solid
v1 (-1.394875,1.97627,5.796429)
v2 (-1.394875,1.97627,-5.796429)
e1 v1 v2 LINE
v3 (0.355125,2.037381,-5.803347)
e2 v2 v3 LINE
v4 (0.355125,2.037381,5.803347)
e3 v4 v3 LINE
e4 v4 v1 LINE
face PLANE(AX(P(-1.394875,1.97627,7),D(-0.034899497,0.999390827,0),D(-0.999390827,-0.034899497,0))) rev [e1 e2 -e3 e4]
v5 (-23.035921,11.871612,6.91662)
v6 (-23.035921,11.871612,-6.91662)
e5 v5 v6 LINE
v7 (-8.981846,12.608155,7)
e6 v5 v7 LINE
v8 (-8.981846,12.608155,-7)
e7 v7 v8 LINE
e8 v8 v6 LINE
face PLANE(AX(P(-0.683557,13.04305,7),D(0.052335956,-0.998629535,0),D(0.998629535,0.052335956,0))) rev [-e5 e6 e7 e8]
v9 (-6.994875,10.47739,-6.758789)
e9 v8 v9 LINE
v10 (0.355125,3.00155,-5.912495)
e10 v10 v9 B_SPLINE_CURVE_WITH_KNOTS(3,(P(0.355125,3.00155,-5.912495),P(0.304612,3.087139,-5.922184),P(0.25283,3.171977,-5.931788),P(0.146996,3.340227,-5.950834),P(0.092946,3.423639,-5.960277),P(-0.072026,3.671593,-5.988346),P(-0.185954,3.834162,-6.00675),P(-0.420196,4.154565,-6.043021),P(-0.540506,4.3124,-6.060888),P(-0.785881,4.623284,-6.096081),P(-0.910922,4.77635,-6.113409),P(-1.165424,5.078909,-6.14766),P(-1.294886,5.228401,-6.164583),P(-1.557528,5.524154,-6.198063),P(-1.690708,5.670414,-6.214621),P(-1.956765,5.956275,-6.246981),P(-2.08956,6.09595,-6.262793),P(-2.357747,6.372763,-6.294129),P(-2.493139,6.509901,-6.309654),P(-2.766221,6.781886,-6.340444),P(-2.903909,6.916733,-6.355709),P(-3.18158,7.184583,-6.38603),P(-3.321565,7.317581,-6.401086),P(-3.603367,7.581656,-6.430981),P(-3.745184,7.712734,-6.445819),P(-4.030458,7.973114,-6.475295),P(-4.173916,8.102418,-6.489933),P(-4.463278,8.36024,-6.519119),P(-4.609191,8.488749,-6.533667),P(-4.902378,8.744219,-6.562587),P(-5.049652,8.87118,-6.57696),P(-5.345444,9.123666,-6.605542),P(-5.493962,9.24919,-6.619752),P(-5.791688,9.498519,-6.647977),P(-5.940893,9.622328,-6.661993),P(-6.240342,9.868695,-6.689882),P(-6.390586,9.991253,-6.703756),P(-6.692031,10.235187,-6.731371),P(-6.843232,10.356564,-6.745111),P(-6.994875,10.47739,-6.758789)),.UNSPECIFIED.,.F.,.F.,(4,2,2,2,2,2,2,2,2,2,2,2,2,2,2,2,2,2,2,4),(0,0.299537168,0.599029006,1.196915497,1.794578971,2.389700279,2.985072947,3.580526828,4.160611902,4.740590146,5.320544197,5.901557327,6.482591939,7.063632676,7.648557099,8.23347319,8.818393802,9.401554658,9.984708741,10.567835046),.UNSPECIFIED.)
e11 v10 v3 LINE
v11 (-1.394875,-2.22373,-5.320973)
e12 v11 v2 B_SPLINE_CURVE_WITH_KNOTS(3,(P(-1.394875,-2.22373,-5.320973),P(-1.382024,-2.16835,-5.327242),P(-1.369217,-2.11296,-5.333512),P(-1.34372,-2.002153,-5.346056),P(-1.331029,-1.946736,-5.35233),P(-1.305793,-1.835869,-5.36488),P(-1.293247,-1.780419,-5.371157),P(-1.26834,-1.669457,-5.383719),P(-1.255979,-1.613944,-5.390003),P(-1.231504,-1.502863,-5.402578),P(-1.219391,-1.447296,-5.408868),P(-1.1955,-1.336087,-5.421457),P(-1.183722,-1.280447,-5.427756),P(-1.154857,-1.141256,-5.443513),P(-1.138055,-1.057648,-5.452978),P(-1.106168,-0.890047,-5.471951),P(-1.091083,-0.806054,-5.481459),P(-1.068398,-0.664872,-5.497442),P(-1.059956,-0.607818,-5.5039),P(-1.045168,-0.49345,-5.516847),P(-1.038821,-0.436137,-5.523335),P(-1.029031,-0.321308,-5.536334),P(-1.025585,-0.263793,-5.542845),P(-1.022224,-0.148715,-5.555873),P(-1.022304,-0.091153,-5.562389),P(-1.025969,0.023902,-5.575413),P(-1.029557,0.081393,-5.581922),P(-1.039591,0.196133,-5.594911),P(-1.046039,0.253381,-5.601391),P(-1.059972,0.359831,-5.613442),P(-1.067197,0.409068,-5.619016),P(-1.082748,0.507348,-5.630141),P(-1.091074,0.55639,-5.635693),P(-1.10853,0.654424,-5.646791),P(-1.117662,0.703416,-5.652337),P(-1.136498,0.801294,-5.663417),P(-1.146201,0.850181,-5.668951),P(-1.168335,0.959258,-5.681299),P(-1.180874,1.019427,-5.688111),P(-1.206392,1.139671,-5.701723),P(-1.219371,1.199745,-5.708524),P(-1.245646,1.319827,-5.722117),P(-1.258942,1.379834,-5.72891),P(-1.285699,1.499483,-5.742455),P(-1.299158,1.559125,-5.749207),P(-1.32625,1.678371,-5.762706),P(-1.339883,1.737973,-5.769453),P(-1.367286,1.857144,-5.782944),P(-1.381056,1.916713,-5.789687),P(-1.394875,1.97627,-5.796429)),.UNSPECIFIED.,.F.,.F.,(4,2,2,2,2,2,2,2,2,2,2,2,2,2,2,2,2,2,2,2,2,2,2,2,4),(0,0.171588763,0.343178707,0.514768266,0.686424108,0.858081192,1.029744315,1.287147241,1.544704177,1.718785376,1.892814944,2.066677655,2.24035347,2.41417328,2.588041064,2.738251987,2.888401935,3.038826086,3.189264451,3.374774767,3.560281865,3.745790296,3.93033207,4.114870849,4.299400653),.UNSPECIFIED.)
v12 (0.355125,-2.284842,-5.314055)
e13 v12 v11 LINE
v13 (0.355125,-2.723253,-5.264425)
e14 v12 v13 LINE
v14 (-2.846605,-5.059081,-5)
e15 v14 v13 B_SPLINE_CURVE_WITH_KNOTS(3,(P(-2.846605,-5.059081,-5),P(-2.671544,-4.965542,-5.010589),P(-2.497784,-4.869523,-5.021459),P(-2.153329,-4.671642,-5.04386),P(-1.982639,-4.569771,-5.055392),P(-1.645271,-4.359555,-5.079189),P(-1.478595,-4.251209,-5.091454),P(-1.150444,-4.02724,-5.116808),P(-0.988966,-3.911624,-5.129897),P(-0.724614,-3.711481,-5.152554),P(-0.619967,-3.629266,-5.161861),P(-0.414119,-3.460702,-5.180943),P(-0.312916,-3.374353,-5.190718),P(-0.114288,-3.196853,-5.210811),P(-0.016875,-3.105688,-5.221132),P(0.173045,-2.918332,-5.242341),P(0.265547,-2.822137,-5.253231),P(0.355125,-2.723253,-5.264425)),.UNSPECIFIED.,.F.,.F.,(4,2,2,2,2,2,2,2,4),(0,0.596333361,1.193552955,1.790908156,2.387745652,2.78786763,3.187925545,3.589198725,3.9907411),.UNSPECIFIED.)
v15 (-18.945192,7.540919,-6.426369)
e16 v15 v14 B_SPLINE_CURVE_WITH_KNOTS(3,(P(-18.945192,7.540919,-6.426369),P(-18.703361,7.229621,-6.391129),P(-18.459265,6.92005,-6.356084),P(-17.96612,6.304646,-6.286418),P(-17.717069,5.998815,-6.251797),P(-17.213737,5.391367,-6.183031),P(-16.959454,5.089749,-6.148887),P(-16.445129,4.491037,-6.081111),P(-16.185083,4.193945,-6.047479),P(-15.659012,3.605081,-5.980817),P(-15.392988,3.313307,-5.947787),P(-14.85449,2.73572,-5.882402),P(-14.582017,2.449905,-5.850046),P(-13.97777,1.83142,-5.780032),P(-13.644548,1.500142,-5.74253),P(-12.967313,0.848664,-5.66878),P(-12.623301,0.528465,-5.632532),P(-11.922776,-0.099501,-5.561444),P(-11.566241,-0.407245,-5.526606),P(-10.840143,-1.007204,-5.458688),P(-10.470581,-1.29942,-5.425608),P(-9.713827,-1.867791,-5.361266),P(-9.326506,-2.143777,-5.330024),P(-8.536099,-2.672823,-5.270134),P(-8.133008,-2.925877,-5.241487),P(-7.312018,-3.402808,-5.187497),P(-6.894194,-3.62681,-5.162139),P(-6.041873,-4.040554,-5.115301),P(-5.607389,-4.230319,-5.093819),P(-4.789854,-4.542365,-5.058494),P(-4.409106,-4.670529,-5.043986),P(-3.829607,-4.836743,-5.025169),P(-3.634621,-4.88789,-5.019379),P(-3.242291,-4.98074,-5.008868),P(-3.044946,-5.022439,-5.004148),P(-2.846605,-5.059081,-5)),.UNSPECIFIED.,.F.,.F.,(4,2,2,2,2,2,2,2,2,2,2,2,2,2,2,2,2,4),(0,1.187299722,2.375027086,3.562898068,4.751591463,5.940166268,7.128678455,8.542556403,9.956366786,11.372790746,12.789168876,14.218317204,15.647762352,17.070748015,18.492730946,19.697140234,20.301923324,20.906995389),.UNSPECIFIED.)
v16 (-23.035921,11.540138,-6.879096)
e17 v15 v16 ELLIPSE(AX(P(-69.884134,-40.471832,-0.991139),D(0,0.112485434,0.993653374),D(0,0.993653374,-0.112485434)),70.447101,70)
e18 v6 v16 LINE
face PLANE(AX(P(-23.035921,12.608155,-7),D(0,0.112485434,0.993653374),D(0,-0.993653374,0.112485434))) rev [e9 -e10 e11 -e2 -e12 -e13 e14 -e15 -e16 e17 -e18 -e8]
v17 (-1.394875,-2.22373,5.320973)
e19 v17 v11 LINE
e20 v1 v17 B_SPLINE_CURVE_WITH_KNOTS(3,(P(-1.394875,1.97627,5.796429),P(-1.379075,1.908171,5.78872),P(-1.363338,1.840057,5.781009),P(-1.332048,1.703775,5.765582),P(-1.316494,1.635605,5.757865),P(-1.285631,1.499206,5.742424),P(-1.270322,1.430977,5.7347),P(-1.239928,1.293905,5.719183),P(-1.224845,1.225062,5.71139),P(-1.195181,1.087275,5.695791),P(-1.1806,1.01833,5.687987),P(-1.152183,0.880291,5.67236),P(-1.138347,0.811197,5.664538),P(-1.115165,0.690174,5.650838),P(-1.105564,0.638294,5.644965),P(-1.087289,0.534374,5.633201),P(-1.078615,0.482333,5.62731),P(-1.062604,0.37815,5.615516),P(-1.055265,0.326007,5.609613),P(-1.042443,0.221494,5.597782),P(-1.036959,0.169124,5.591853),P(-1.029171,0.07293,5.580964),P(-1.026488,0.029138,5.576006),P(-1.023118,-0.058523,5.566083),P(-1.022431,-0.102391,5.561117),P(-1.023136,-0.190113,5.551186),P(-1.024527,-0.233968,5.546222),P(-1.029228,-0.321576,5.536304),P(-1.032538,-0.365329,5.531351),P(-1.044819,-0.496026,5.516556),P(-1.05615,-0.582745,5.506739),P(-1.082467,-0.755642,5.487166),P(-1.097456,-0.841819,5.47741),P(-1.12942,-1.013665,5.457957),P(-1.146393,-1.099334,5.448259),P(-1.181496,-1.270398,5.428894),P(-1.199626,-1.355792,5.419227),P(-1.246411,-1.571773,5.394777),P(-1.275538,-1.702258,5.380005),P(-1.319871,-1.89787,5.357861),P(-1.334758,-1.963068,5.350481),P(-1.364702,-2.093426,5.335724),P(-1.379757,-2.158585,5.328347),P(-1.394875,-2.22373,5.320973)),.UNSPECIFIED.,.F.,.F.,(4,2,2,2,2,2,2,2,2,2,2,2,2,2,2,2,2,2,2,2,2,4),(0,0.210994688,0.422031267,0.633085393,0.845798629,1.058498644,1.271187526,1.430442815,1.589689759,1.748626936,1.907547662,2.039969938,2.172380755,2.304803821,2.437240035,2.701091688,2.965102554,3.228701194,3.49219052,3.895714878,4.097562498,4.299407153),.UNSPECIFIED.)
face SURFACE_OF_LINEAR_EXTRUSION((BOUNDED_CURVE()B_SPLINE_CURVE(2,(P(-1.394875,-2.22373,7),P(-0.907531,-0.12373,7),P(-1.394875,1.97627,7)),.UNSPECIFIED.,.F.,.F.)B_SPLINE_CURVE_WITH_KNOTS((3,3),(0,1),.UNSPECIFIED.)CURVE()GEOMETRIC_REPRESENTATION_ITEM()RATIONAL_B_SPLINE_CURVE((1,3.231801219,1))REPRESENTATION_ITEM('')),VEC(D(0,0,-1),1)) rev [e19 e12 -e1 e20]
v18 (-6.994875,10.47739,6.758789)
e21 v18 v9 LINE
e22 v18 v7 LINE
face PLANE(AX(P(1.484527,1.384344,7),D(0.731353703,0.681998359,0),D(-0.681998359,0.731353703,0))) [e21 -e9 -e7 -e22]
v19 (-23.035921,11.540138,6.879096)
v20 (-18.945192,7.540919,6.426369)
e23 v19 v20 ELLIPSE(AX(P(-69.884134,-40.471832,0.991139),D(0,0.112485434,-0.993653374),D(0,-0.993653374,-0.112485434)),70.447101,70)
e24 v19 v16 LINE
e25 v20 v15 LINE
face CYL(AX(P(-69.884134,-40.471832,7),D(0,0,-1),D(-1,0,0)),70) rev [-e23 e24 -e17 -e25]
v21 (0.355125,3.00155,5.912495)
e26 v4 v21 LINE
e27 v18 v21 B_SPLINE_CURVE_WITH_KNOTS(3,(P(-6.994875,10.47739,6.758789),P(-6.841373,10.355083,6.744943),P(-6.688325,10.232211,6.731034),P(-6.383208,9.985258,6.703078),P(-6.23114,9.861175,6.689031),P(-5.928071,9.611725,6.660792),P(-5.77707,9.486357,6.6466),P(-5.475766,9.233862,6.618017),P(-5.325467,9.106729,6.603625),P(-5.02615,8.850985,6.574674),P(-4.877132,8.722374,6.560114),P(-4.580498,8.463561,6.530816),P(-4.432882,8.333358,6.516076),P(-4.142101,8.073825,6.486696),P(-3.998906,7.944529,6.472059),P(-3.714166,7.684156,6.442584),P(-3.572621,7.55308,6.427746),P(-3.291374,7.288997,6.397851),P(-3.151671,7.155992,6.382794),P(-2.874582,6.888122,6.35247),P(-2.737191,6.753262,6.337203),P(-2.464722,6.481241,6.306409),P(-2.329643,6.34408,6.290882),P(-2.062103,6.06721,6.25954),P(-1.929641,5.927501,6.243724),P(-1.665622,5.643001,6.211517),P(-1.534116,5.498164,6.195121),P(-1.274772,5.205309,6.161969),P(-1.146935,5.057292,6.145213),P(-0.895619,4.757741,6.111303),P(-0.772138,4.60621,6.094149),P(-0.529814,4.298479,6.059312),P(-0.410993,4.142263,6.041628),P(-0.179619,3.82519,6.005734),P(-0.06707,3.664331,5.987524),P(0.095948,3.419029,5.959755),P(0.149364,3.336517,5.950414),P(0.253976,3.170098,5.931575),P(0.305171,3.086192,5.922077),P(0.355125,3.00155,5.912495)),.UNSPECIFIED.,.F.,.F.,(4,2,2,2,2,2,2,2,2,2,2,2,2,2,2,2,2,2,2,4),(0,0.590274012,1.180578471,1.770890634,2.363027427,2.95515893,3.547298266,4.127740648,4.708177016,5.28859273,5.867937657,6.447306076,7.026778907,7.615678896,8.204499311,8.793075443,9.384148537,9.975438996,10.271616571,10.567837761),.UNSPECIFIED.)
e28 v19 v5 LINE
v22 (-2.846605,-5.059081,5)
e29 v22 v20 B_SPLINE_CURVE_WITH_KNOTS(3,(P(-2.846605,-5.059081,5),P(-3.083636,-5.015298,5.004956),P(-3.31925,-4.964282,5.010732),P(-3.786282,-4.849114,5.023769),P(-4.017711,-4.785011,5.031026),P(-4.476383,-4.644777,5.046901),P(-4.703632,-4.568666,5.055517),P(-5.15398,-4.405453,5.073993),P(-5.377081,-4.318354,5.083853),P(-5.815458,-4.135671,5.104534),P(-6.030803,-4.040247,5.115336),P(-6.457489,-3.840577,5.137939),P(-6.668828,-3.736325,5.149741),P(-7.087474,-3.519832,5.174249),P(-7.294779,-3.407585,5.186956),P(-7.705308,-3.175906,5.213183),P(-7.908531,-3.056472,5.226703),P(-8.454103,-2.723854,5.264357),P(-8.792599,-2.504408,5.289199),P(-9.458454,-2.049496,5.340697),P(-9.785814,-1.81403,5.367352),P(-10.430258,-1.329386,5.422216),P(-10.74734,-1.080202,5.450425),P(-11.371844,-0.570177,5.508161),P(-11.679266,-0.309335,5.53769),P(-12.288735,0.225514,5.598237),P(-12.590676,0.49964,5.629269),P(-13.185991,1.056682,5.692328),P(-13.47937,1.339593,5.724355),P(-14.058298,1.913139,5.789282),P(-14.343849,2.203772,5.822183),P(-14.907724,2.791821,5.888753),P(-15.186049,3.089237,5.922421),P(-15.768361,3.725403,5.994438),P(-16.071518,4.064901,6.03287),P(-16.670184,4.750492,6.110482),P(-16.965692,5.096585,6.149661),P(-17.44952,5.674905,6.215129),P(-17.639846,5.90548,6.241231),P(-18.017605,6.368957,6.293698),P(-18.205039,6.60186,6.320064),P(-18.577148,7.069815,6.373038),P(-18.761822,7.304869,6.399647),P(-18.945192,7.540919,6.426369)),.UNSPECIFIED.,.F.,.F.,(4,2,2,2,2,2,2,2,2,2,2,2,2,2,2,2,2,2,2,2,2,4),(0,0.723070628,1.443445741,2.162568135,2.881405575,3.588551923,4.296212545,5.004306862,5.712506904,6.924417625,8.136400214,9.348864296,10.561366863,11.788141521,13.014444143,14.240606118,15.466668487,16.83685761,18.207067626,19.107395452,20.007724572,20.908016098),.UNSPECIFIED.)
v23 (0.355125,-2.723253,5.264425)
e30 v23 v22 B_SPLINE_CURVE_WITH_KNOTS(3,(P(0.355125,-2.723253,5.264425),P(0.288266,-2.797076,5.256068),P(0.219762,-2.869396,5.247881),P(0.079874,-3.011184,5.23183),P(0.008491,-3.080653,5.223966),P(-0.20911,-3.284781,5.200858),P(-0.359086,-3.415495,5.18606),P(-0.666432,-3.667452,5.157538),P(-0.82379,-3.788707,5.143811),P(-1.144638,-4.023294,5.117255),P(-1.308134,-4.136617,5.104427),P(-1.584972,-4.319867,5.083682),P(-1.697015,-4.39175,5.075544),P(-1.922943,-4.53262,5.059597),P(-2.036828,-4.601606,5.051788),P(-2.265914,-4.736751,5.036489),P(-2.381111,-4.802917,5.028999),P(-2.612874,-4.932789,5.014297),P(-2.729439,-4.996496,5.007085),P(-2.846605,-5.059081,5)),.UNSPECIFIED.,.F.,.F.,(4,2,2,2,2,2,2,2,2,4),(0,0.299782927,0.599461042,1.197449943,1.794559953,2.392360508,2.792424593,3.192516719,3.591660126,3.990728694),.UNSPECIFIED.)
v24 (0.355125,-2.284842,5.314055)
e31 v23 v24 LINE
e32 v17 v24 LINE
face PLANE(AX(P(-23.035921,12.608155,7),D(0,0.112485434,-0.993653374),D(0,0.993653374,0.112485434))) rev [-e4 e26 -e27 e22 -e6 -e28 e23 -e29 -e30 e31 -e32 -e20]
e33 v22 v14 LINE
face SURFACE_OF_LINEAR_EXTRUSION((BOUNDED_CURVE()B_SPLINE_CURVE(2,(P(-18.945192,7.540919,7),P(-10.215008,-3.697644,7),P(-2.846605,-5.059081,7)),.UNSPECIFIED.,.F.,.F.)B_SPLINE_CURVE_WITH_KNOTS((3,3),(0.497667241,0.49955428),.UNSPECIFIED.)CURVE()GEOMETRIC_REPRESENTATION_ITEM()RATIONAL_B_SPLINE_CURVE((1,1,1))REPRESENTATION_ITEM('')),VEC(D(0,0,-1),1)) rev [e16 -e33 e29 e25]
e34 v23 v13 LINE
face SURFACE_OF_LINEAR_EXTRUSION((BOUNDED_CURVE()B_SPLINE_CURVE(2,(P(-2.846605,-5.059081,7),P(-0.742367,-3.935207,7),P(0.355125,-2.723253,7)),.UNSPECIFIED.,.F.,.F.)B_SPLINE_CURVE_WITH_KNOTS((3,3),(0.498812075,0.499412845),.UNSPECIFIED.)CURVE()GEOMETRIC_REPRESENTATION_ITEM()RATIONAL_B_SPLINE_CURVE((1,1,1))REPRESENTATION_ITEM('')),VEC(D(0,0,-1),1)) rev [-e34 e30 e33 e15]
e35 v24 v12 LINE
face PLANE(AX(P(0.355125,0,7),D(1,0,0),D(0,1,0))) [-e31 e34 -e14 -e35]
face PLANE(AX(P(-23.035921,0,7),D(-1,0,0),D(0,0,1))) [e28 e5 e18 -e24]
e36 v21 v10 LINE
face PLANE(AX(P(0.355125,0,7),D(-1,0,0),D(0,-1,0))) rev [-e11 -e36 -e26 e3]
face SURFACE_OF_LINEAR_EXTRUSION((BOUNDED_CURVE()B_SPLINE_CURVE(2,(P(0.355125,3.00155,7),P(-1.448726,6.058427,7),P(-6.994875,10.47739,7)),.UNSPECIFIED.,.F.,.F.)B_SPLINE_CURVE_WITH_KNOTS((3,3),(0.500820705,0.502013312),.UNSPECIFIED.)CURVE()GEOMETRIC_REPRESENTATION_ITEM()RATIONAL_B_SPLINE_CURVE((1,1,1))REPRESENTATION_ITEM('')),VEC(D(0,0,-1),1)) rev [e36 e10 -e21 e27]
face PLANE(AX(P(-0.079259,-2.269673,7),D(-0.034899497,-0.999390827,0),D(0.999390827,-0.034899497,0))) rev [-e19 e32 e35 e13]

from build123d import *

# Parameters (mm, degrees)
SALIENTE_EXTRUIR1_DEPTH      = 7
SALIENTE_EXTRUIR2_DEPTH      = 7
SALIENTE_EXTRUIR2_DEPTH_BACK = 7
CORTAR_EXTRUIR2_DEPTH        = 28.177550449
CORTAR_EXTRUIR2_DEPTH_BACK   = 28.177550449


with BuildPart() as part:
    # Croquis1 → Saliente-Extruir1 (new, symmetric)
    with BuildSketch(Plane.XY):
        with BuildLine():
            add(Edge.make_bspline(
                [(-18.945192114, 7.540918896), (-10.215008384, -3.697644103), (-2.846604825, -5.059081104)],
                knots=[0.497667241, 0.497667241, 0.497667241, 0.49955428, 0.49955428, 0.49955428], degree=2, weights=[1, 1, 1]))
            add(Edge.make_bspline(
                [(-2.846604825, -5.059081104), (-0.742366882, -3.9352066), (0.355125, -2.723253227)],
                knots=[0.498812075, 0.498812075, 0.498812075, 0.499412845, 0.499412845, 0.499412845], degree=2, weights=[1, 1, 1]))
            Line((0.355125, -2.723253227), (0.355125, -2.284841781))
            Line((0.355125, -2.284841781), (-1.394875, -2.223730435))
            add(Edge.make_bspline(
                [(-1.394875, -2.223730435), (-0.90753067, -0.123730435), (-1.394875, 1.976269565)],
                knots=[0, 0, 0, 1, 1, 1], degree=2, weights=[1, 3.231801219, 1]))
            Line((-1.394875, 1.976269565), (0.355125, 2.284841781))
            Line((0.355125, 2.284841781), (0.355125, 3.001549529))
            add(Edge.make_bspline(
                [(0.355125, 3.001549529), (-1.44872627, 6.058427314), (-6.994875026, 10.477389992)],
                knots=[0.500820705, 0.500820705, 0.500820705, 0.502013312, 0.502013312, 0.502013312], degree=2, weights=[1, 1, 1]))
            Line((-6.994875026, 10.477389992), (-8.981845695, 12.608155172))
            Line((-8.981845695, 12.608155172), (-23.035921146, 11.871612288))
            Line((-23.035921146, 11.871612288), (-23.035921146, 11.54013782))
            ThreePointArc((-23.035921146, 11.54013782), (-20.949684518, 9.582335705), (-18.945192114, 7.540918896))
        make_face()
    extrude(amount=SALIENTE_EXTRUIR1_DEPTH, both=True)

    # Croquis4 → Saliente-Extruir2 (add, two sides: drawn at the far end of the back side and taken through both)
    with BuildSketch(Plane.XY.offset(-SALIENTE_EXTRUIR2_DEPTH_BACK)):
        Polygon((-1.394875, 1.976269565), (0.355125, 2.284841781), (0.355125, 2.037380912), align=None)
    extrude(amount=SALIENTE_EXTRUIR2_DEPTH + SALIENTE_EXTRUIR2_DEPTH_BACK)

    # Croquis6 → Cortar-Extruir2 (cut, two sides: drawn at the far end of the back side and taken through both)
    with BuildSketch(Plane(origin=(0, 0, 0), x_dir=(0, 0, -1), z_dir=(1, 0, 0)).offset(-CORTAR_EXTRUIR2_DEPTH_BACK)):
        Polygon((7, 12.608155172), (7, -5.059081104), (5, -5.059081104), align=None)
        Polygon((-7, 12.608155172), (-7, -5.059081104), (-5, -5.059081104), align=None)
    extrude(amount=CORTAR_EXTRUIR2_DEPTH + CORTAR_EXTRUIR2_DEPTH_BACK, mode=Mode.SUBTRACT)


solid = part.part
